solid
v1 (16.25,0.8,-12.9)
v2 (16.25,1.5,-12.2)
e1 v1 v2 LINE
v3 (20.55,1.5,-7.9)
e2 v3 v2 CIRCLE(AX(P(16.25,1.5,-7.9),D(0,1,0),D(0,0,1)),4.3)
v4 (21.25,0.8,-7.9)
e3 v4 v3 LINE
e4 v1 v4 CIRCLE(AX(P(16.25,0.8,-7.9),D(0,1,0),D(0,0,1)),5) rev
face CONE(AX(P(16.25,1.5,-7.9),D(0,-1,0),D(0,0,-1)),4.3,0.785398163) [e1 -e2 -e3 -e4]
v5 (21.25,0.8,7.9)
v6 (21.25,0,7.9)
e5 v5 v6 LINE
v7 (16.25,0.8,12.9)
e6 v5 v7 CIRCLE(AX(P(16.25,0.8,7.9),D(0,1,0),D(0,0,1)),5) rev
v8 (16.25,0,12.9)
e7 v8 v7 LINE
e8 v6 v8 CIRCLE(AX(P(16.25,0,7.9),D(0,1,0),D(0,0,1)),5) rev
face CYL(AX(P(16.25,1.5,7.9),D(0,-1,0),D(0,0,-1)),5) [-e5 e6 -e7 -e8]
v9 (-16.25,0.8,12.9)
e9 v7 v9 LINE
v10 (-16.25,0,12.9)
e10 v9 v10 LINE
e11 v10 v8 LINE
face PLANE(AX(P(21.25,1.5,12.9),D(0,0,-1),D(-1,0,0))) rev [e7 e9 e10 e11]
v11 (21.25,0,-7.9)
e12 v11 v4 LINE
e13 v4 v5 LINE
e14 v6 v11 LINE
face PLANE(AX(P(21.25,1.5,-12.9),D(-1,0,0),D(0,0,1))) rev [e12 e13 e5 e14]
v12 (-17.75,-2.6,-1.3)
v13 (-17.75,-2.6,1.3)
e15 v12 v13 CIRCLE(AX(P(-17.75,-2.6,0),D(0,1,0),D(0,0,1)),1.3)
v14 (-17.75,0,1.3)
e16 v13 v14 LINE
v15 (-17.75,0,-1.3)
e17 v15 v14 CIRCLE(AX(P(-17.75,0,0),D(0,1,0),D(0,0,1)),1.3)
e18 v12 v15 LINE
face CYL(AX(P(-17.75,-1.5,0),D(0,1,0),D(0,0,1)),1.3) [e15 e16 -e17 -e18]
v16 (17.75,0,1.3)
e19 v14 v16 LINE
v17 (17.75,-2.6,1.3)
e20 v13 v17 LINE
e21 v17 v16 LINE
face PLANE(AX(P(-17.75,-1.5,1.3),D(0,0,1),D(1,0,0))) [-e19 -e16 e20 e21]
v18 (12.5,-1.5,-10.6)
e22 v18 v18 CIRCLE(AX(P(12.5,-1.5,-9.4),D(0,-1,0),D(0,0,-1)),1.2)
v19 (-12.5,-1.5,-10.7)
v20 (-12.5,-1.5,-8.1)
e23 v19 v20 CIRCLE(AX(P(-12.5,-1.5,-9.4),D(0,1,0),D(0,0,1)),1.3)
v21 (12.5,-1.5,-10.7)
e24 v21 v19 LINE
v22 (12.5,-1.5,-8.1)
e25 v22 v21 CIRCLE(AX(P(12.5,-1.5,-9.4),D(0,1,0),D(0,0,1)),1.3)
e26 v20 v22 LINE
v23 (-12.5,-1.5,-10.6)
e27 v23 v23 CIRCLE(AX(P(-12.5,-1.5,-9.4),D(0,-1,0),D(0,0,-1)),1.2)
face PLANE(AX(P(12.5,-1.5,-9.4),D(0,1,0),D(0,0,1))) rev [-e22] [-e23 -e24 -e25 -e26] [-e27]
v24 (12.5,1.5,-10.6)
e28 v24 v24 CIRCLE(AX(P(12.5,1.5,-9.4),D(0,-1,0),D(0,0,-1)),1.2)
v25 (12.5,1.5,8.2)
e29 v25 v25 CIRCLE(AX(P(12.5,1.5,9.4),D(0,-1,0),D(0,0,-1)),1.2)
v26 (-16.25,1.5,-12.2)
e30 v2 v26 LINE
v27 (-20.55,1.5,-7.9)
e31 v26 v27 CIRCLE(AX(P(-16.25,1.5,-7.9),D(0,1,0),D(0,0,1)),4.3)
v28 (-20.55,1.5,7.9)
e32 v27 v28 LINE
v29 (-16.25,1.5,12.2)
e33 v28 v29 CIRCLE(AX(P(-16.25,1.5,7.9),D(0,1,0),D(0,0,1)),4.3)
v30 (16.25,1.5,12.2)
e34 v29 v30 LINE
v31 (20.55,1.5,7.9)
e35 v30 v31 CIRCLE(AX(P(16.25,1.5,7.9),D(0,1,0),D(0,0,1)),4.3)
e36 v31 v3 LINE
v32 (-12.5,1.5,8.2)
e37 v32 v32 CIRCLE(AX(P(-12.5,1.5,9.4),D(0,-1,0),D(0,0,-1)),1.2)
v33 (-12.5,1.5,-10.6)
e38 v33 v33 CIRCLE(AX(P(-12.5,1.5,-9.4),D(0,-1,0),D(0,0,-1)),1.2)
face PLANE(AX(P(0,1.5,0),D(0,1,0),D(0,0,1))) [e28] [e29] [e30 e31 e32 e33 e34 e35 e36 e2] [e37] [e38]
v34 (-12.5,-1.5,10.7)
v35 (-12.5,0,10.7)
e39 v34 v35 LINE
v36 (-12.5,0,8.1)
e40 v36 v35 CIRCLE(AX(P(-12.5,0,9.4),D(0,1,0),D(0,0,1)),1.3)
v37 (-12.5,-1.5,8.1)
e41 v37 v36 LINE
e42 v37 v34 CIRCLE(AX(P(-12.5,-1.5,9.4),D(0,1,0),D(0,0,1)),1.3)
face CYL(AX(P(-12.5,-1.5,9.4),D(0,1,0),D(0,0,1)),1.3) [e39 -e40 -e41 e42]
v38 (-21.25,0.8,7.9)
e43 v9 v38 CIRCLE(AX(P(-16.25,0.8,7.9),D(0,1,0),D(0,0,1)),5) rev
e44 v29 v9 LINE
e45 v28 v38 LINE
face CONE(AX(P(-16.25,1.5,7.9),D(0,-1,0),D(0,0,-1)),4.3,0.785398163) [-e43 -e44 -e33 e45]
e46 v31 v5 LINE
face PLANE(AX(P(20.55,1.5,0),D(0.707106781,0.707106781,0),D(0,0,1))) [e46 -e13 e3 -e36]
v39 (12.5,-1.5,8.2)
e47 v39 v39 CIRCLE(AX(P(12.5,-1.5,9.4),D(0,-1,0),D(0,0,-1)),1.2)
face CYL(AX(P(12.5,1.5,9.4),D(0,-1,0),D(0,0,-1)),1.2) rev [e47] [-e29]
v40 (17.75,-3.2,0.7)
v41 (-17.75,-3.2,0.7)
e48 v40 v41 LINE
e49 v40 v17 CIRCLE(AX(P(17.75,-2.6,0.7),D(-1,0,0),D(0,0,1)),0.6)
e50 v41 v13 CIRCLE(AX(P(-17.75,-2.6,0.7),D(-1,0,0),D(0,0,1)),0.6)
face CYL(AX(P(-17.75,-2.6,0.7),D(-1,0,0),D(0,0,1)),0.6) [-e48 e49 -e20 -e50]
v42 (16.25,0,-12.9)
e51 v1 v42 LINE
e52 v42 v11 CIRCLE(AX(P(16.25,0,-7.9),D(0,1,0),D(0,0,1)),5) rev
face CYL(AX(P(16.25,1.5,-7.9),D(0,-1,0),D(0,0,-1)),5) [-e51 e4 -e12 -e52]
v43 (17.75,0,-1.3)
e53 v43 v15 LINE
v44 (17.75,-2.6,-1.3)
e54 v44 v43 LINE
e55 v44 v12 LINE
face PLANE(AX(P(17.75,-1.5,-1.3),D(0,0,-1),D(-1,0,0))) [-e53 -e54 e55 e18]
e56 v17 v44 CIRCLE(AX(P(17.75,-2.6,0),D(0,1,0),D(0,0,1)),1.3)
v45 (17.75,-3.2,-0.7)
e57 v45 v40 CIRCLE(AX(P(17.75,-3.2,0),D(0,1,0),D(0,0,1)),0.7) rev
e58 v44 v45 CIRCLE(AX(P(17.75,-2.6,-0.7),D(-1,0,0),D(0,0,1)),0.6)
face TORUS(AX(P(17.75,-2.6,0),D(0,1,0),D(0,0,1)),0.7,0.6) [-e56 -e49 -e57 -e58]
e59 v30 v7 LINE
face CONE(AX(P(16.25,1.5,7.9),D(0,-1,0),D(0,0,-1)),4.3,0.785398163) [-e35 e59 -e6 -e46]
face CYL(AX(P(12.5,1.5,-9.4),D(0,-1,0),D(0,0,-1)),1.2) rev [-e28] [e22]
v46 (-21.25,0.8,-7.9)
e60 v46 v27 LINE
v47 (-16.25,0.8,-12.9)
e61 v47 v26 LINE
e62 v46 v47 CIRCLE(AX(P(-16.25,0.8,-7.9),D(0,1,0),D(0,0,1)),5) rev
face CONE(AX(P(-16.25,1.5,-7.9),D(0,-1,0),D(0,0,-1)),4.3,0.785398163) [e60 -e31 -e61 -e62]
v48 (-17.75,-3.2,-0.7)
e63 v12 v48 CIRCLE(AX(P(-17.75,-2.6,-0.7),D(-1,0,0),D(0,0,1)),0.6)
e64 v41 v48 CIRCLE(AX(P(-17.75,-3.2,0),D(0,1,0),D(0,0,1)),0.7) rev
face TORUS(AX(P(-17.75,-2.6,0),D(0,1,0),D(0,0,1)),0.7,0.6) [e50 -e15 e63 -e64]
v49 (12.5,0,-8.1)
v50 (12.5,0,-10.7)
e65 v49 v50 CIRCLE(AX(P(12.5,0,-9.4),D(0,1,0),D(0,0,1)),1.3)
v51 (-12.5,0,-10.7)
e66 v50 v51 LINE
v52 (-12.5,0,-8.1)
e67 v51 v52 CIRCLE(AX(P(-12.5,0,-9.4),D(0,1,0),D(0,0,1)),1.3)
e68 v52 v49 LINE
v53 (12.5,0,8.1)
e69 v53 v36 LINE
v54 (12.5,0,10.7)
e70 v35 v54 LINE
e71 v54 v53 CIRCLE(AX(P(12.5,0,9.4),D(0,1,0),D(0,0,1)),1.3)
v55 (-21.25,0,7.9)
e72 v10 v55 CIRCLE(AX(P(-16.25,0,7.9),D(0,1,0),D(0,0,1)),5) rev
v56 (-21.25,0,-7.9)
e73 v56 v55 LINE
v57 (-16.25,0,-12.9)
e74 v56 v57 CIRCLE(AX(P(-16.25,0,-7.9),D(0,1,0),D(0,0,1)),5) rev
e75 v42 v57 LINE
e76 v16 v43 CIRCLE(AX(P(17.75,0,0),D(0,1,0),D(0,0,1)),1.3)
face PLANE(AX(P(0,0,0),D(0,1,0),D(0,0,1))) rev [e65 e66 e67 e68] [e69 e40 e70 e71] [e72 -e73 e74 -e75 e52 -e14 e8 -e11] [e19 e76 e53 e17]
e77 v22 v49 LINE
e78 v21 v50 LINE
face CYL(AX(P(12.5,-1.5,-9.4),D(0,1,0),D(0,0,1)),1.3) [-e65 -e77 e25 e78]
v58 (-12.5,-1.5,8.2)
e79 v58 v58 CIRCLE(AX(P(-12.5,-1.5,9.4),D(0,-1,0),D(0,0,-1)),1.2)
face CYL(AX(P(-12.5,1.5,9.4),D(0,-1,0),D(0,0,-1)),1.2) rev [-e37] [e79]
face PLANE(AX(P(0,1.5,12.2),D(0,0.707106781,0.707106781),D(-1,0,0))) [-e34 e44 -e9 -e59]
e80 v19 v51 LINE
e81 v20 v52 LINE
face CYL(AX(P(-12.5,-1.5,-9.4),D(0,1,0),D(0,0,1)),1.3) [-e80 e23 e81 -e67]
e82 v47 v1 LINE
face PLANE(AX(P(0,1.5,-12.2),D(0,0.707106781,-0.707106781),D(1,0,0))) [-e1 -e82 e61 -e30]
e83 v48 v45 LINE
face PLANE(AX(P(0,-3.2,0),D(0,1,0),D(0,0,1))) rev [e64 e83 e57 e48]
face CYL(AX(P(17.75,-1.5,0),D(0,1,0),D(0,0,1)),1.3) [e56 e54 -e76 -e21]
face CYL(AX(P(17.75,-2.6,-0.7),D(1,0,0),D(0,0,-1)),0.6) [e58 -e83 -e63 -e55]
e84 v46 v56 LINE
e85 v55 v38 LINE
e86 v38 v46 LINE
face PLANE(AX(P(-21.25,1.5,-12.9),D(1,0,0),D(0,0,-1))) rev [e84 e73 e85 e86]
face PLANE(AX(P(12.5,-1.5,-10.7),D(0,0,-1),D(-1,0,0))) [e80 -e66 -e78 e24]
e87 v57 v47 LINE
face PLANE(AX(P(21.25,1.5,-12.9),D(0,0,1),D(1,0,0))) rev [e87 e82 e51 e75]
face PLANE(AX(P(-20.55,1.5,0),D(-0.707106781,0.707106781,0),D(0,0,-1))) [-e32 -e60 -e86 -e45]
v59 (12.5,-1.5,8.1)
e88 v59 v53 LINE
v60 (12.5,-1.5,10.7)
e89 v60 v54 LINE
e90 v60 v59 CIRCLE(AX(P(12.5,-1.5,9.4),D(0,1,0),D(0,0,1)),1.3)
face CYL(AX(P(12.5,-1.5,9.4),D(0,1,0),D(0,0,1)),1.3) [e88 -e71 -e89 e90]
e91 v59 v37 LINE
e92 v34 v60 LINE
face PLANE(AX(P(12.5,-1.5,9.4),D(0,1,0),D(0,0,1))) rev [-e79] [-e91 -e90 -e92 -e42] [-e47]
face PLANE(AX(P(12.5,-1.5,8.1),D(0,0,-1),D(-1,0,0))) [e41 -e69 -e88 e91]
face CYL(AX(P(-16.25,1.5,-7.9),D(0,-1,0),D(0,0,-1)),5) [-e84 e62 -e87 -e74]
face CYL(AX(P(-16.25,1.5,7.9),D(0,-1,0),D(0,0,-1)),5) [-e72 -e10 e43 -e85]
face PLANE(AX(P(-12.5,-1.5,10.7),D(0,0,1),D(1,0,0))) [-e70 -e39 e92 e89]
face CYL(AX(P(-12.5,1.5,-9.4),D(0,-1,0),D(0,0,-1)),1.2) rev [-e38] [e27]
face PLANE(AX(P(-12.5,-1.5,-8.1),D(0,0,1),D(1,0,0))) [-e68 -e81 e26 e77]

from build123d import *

# Parameters (mm, degrees)
SKETCH2_W           = 42.5
SKETCH2_H           = 25.8
BOSS_EXTRUDE1_DEPTH = 1.5
FILLET1_R           = 5
CHAMFER1_SIZE       = 0.7
BOSS_EXTRUDE2_DEPTH = 1.5
BOSS_EXTRUDE3_DEPTH = 1.7
FILLET2_R           = 0.6
SKETCH5_R           = 1.2
CUT_EXTRUDE1_DEPTH  = 26.039418923


with BuildPart() as part:
    # Sketch2 → Boss-Extrude1 (new body)
    with BuildSketch(Plane(origin=(0, 0, 0), x_dir=(1, 0, 0), z_dir=(0, 1, 0))):
        Rectangle(SKETCH2_W, SKETCH2_H)
    extrude(amount=BOSS_EXTRUDE1_DEPTH)

    # Fillet1
    fillet1_edges = [part.edges().sort_by_distance(p)[0] for p in [
        (21.25, 0.75, -12.9),
        (21.25, 0.75, 12.9),
        (-21.25, 0.75, 12.9),
        (-21.25, 0.75, -12.9),
    ]]
    fillet(fillet1_edges, radius=FILLET1_R)

    # Chamfer1
    chamfer1_edges = [part.edges().sort_by_distance(p)[0] for p in [
        (21.25, 1.5, 0),
        (0, 1.5, 12.9),
        (0, 1.5, -12.9),
        (-21.25, 1.5, 0),
        (-19.785533906, 1.5, 11.435533906),
        (-19.785533906, 1.5, -11.435533906),
        (19.785533906, 1.5, -11.435533906),
        (19.785533906, 1.5, 11.435533906),
    ]]
    chamfer(chamfer1_edges, length=CHAMFER1_SIZE)

    # Sketch3 → Boss-Extrude2 (add)
    with BuildSketch(Plane(origin=(0, 0, 0), x_dir=(1, 0, 0), z_dir=(0, 1, 0))):
        with BuildLine():
            Line((17.75, 1.3), (-17.75, 1.3))
            ThreePointArc((-17.75, 1.3), (-19.05, 0), (-17.75, -1.3))
            Line((-17.75, -1.3), (17.75, -1.3))
            ThreePointArc((17.75, -1.3), (19.05, 0), (17.75, 1.3))
        make_face()
        with BuildLine():
            Line((12.5, 10.7), (-12.5, 10.7))
            ThreePointArc((-12.5, 10.7), (-13.8, 9.4), (-12.5, 8.1))
            Line((-12.5, 8.1), (12.5, 8.1))
            ThreePointArc((12.5, 8.1), (13.8, 9.4), (12.5, 10.7))
        make_face()
        with BuildLine():
            Line((12.5, -8.1), (-12.5, -8.1))
            ThreePointArc((-12.5, -8.1), (-13.8, -9.4), (-12.5, -10.7))
            Line((-12.5, -10.7), (12.5, -10.7))
            ThreePointArc((12.5, -10.7), (13.8, -9.4), (12.5, -8.1))
        make_face()
    extrude(amount=-BOSS_EXTRUDE2_DEPTH)

    # Sketch4 → Boss-Extrude3 (add)
    with BuildSketch(Plane.XZ.offset(1.5)):
        with BuildLine():
            Line((17.75, 1.3), (-17.75, 1.3))
            ThreePointArc((-17.75, 1.3), (-19.05, 0), (-17.75, -1.3))
            Line((-17.75, -1.3), (17.75, -1.3))
            ThreePointArc((17.75, -1.3), (19.05, 0), (17.75, 1.3))
        make_face()
    extrude(amount=BOSS_EXTRUDE3_DEPTH)

    # Fillet2
    fillet2_edges = [part.edges().sort_by_distance(p)[0] for p in [
        (19.05, -3.2, 0),
        (0, -3.2, -1.3),
        (-19.05, -3.2, 0),
        (0, -3.2, 1.3),
    ]]
    fillet(fillet2_edges, radius=FILLET2_R)

    # Sketch5 → Cut-Extrude1 (cut, through all)
    with BuildSketch(Plane.XZ.offset(1.5)):
        with Locations(Location((-12.5, 9.4, 0), (0, 0, 270))):
            Circle(SKETCH5_R)
        with Locations(Location((12.5, 9.4, 0), (0, 0, 270))):
            Circle(SKETCH5_R)
        with Locations(Location((12.5, -9.4, 0), (0, 0, 270))):
            Circle(SKETCH5_R)
        with Locations(Location((-12.5, -9.4, 0), (0, 0, 270))):
            Circle(SKETCH5_R)
    extrude(amount=-CUT_EXTRUDE1_DEPTH, mode=Mode.SUBTRACT)


solid = part.part
